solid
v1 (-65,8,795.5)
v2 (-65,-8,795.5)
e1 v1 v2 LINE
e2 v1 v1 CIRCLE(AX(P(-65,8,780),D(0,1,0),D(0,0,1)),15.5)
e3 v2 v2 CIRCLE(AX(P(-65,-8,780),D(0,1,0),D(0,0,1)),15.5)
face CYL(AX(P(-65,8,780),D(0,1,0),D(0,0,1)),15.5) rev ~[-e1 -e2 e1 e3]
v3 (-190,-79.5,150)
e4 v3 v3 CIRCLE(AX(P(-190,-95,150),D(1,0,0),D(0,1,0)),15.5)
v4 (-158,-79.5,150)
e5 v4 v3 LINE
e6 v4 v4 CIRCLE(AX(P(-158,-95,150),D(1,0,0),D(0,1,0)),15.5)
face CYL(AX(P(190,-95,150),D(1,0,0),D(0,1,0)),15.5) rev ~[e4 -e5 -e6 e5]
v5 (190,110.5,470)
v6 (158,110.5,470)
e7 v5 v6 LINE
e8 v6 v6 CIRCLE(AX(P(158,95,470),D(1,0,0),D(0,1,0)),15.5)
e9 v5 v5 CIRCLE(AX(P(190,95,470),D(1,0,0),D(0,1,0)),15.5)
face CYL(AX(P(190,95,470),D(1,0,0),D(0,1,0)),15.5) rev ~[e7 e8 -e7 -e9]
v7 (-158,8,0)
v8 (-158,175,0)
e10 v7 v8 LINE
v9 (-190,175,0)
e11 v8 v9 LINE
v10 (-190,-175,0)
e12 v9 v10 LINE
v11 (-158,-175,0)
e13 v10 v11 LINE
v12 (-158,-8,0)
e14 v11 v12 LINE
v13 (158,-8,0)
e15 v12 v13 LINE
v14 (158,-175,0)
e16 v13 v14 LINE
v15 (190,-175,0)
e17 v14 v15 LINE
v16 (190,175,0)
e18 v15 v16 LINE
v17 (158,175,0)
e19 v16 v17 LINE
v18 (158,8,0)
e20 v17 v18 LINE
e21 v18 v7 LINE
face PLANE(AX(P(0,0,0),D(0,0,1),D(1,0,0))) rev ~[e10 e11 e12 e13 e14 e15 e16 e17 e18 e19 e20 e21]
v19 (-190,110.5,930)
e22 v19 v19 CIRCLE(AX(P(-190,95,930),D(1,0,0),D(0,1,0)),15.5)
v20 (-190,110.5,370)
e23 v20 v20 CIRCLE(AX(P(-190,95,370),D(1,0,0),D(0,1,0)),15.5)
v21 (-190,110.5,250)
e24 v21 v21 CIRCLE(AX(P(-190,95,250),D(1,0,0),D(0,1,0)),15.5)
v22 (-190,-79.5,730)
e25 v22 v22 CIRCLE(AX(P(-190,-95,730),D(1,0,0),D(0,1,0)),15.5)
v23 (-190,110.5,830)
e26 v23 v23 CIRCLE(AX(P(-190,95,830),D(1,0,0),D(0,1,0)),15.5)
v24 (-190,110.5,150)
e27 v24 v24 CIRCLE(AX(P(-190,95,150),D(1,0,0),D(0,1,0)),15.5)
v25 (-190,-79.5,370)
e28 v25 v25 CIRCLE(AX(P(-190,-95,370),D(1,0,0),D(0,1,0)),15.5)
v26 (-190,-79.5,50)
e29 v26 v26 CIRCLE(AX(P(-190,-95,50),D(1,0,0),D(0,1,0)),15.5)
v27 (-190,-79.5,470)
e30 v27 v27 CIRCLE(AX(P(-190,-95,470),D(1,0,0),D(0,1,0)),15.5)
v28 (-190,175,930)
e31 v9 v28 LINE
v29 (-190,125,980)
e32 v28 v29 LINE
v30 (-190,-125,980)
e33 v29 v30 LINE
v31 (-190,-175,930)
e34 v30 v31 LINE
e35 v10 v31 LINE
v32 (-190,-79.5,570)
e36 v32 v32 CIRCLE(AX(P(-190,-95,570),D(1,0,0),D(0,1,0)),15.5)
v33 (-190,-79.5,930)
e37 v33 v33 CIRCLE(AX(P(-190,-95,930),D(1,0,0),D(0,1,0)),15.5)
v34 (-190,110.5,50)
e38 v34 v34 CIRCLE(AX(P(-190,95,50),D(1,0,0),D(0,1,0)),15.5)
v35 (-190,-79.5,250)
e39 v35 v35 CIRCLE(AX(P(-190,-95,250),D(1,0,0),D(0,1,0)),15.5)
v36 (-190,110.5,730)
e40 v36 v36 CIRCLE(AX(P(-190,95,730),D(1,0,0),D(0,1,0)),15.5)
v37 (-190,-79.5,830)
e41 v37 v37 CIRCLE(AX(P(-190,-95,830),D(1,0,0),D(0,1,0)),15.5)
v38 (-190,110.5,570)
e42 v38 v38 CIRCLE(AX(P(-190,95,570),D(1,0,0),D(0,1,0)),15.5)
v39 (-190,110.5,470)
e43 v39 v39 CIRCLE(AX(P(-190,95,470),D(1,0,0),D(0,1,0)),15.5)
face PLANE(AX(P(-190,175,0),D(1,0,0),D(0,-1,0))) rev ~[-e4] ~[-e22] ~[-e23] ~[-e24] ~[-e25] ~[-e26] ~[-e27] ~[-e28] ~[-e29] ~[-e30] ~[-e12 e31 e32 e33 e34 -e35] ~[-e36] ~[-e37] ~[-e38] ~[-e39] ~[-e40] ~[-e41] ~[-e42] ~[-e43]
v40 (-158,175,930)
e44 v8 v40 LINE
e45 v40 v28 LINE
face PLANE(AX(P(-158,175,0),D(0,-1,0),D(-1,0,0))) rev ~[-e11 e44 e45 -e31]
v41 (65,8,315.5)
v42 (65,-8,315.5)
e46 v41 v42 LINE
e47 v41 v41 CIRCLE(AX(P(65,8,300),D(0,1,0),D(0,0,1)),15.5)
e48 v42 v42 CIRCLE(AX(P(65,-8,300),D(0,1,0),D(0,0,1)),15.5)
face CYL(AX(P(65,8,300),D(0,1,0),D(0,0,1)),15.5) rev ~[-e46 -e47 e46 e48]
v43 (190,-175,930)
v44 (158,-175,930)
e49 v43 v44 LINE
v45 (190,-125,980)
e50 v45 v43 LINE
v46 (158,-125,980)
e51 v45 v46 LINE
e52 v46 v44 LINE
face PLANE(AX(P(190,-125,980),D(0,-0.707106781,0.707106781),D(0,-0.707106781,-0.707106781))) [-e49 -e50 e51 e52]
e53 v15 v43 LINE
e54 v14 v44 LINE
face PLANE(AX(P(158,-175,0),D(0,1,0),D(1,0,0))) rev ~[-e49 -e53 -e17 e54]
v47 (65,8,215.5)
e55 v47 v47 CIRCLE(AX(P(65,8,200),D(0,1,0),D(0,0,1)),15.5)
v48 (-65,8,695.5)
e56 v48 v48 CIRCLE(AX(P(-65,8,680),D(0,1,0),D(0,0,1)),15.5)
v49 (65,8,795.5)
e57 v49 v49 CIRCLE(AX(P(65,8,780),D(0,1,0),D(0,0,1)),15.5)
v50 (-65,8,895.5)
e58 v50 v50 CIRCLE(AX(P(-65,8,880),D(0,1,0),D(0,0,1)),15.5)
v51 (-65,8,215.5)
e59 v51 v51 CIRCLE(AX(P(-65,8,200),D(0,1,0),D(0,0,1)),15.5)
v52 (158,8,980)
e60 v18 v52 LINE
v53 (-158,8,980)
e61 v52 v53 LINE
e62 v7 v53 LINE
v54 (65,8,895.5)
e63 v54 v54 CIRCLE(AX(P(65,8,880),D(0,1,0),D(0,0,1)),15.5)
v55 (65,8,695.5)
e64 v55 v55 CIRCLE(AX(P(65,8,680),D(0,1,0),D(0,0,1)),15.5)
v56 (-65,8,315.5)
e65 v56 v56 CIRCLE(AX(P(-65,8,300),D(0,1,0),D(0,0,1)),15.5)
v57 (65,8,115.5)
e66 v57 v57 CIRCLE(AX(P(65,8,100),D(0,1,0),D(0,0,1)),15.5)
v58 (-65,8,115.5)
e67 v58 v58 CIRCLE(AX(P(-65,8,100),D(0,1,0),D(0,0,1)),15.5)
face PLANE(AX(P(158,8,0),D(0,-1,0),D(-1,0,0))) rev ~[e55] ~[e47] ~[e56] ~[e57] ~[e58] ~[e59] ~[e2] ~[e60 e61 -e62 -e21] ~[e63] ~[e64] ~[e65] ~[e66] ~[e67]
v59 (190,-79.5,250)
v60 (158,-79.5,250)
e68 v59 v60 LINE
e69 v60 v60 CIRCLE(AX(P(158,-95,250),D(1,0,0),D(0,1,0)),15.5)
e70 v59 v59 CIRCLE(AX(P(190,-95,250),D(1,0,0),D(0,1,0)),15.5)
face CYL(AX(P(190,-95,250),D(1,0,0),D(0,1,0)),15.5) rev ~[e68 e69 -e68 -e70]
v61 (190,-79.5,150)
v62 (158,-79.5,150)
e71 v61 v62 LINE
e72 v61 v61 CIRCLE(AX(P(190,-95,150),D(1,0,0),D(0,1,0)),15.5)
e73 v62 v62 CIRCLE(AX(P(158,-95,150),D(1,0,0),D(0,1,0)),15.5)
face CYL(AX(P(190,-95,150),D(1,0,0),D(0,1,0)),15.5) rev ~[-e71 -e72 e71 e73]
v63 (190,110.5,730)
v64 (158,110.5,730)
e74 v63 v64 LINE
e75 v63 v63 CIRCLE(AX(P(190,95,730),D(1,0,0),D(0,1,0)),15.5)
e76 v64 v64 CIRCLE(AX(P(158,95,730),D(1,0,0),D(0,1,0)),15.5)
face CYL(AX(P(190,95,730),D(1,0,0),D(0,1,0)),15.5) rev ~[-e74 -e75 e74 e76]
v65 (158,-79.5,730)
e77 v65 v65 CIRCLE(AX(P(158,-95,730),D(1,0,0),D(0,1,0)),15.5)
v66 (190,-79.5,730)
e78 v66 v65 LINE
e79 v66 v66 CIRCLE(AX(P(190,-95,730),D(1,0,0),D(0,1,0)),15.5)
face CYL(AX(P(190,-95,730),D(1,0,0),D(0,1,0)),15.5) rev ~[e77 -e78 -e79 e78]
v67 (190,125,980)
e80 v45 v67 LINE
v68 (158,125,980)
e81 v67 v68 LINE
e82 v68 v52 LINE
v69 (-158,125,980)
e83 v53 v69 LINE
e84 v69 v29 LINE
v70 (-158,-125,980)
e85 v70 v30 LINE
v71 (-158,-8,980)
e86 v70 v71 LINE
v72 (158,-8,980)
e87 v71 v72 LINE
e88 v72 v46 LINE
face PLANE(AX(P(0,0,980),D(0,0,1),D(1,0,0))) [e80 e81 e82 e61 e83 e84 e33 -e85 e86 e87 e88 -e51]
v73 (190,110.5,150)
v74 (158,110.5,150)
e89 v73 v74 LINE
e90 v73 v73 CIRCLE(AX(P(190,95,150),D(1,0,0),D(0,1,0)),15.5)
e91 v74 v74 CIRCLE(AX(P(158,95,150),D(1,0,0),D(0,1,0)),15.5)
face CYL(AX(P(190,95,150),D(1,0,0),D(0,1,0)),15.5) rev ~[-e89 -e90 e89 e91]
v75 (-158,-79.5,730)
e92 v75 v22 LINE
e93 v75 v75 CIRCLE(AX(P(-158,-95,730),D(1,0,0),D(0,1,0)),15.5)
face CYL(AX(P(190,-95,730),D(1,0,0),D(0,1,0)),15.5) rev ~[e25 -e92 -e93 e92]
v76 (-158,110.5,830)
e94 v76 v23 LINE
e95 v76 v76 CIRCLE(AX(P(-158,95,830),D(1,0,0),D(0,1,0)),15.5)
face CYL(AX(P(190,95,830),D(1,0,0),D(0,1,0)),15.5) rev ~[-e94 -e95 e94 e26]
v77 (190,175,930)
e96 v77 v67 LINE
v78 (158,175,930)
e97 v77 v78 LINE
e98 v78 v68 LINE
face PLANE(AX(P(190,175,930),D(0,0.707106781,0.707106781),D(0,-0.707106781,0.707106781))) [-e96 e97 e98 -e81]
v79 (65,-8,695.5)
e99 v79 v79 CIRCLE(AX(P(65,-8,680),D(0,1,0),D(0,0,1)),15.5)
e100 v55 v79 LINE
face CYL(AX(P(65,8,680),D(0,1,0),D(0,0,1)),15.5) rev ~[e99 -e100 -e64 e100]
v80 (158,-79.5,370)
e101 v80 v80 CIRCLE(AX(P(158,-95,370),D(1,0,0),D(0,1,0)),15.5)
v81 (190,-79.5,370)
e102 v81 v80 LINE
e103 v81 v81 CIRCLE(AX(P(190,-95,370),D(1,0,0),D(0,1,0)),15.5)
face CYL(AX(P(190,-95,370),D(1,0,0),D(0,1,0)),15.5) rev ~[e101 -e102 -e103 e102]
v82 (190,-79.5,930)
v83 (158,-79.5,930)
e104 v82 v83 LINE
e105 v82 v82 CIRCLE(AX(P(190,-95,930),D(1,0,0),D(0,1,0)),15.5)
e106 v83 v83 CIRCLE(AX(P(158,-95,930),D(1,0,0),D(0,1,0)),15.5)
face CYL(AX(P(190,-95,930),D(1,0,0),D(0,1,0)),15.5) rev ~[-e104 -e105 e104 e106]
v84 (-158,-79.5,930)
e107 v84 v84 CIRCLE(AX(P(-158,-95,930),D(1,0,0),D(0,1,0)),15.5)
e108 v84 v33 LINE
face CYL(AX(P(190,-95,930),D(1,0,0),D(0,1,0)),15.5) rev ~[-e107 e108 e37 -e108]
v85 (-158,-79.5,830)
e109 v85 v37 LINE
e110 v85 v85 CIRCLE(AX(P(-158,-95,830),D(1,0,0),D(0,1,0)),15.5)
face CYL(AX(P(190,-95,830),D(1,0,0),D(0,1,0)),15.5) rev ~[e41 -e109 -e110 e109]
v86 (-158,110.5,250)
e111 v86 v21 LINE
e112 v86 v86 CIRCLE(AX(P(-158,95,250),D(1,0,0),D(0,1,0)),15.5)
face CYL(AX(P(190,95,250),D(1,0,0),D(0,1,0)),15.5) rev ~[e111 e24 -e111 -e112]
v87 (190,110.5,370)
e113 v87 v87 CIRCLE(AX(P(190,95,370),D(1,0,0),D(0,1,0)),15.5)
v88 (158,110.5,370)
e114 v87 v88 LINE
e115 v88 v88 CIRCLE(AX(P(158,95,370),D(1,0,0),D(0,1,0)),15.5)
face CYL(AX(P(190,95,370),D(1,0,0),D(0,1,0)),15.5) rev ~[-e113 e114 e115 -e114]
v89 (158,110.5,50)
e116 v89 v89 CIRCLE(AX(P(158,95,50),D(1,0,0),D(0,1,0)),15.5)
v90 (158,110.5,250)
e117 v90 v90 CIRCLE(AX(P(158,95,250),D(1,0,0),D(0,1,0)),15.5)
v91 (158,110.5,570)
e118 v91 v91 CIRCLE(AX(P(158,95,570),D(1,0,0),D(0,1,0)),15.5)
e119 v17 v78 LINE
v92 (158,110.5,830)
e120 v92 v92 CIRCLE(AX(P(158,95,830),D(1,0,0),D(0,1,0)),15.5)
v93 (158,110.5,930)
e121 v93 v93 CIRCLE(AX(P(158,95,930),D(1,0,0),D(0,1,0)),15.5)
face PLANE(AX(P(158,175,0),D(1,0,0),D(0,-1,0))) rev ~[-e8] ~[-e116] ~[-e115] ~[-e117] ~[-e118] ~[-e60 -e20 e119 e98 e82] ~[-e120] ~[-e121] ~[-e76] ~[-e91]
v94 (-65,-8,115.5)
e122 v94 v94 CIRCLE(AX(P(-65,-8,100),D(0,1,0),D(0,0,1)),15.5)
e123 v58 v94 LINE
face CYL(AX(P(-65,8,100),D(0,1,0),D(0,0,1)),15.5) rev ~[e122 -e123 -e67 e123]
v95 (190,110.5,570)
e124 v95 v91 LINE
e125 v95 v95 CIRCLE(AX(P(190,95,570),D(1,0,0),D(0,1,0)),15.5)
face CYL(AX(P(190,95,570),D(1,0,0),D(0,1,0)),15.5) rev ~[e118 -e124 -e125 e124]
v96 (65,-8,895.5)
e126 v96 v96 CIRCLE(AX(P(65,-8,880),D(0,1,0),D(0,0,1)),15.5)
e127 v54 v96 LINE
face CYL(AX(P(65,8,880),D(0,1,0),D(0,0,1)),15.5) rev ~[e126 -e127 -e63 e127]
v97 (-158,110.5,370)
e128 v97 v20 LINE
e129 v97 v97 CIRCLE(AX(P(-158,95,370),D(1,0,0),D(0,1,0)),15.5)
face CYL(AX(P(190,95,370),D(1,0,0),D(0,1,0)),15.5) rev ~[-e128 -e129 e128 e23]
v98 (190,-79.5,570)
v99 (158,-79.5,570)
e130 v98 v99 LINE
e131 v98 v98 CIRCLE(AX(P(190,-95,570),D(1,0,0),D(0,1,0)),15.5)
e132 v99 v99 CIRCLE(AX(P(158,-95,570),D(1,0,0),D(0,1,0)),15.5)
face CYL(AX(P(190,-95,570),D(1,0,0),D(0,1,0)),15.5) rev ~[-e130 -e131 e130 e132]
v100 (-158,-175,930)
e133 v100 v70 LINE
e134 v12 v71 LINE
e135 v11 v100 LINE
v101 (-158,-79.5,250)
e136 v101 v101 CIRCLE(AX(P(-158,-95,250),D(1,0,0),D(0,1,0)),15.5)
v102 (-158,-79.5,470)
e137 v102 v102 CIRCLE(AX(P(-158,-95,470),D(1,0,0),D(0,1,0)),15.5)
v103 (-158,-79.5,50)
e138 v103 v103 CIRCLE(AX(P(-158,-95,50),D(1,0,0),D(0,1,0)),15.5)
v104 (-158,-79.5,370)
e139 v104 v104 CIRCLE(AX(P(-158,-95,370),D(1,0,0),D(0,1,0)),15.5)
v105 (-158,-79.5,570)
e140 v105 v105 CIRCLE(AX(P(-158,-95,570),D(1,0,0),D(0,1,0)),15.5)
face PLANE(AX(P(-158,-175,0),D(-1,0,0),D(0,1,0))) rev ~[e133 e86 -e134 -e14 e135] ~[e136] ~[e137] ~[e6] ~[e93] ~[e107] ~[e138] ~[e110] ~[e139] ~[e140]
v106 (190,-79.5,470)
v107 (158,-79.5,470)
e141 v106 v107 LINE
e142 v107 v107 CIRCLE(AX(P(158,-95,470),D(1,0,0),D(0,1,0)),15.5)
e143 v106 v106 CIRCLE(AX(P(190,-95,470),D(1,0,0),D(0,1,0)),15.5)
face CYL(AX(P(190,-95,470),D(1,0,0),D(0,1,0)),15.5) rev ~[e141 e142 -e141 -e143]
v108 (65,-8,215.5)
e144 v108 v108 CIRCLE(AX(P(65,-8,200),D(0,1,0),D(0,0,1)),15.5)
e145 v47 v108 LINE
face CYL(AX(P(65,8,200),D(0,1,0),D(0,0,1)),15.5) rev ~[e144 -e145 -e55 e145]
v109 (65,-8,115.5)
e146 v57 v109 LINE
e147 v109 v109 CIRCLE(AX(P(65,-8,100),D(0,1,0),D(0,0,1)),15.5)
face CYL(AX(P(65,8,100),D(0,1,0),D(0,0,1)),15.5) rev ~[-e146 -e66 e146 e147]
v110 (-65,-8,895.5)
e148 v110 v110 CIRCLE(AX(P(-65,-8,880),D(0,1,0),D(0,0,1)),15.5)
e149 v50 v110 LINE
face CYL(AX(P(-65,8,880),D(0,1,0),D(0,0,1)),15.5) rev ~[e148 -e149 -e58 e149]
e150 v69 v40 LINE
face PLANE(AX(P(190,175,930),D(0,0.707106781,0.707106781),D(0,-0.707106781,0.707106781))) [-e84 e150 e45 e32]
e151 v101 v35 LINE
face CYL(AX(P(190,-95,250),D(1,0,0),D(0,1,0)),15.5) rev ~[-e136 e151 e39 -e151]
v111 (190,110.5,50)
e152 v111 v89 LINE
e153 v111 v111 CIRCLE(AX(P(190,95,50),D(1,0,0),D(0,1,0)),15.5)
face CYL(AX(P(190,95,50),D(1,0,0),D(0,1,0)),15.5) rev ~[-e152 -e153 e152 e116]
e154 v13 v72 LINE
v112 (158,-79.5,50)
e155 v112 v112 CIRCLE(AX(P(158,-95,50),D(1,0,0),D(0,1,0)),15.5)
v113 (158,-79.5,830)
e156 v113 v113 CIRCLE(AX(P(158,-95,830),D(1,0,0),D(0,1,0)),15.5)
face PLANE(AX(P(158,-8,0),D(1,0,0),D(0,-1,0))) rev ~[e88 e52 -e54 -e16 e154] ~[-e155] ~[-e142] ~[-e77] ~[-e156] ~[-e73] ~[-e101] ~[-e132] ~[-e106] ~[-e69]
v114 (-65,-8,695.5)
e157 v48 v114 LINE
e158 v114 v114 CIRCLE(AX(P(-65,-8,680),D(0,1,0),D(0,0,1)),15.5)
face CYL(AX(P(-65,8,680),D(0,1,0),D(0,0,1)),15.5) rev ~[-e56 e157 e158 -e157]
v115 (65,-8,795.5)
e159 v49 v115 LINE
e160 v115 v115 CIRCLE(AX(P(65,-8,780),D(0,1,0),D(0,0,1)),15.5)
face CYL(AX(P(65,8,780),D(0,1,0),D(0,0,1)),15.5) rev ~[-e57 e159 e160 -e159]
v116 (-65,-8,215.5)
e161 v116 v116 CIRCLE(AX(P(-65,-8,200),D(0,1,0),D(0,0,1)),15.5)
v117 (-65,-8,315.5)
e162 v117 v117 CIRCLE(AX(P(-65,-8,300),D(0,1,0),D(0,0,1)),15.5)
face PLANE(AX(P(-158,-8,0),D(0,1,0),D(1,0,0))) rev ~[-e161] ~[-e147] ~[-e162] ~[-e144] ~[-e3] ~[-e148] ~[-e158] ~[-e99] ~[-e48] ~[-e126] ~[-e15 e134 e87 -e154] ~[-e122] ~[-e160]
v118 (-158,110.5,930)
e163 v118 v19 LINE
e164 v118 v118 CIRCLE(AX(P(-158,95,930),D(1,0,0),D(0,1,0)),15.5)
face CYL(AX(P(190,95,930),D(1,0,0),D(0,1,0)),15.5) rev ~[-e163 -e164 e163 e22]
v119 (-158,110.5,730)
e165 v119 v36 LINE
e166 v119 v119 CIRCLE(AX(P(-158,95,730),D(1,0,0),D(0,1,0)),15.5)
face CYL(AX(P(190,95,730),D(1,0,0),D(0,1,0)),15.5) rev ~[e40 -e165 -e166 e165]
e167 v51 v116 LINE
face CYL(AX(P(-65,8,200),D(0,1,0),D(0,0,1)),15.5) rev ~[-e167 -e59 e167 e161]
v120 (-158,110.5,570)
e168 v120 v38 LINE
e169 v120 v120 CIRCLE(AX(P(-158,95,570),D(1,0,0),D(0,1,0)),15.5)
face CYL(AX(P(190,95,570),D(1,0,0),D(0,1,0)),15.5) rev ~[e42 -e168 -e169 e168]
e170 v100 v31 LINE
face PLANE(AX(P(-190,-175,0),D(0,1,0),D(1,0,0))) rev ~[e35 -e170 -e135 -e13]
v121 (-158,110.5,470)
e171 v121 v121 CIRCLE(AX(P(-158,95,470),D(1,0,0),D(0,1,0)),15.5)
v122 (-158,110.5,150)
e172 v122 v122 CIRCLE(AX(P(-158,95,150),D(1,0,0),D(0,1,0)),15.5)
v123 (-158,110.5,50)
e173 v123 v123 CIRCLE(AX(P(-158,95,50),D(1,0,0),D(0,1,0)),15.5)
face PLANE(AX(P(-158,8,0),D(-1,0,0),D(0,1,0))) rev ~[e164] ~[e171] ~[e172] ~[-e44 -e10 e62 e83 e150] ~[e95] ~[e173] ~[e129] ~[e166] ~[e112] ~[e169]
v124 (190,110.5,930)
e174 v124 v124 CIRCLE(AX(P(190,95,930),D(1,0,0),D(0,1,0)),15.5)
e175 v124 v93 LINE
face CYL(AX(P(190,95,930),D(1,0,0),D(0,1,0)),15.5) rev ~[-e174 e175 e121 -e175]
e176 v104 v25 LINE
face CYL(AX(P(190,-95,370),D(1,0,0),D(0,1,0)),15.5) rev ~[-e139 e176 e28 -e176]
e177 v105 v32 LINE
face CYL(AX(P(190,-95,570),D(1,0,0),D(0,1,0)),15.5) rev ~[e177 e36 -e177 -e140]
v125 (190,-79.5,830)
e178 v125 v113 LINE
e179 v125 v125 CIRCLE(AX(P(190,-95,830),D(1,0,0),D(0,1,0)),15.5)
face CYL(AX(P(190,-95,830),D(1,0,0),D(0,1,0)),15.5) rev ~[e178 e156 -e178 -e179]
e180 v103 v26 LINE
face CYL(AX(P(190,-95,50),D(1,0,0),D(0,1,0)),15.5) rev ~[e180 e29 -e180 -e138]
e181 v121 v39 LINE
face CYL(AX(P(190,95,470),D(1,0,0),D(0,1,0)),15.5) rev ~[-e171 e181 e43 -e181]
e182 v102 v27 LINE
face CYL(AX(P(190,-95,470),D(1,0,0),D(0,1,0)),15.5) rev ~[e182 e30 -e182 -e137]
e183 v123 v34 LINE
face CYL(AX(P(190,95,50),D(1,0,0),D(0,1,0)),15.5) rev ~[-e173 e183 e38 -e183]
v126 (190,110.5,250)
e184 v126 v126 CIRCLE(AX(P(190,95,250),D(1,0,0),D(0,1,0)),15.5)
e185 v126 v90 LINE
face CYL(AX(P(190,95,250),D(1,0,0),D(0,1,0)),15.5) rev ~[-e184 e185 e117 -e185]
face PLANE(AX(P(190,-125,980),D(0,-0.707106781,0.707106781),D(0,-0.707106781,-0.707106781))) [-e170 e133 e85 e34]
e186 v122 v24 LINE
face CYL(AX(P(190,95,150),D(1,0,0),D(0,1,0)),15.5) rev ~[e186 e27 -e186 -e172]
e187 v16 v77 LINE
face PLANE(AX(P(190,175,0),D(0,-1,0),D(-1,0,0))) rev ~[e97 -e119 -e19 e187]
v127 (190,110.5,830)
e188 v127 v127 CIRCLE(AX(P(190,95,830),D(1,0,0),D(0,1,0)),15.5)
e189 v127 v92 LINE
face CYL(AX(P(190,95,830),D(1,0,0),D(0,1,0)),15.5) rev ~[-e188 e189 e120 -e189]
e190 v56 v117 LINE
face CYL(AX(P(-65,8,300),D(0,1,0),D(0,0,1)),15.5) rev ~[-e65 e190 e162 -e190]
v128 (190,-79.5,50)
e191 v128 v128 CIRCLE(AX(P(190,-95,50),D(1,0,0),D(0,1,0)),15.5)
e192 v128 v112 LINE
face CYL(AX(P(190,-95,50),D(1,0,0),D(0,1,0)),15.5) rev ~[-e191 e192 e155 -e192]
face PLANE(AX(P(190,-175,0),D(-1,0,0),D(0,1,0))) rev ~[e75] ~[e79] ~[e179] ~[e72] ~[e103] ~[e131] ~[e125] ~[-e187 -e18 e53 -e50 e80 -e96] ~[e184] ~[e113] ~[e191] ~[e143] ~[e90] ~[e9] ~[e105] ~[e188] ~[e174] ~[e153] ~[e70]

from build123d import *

# Parameters (mm, degrees)
EXTRUDE_1_DEPTH     = 980
SKETCH_2_R          = 15.5
CUT_EXTRUDE_2_DEPTH = 1066.563231348
SKETCH_3_R          = 15.5
CUT_EXTRUDE_3_DEPTH = 1015.883737184
CUT_EXTRUDE_4_DEPTH = 1066.563231348


with BuildPart() as part:
    # 草图1 → 拉伸1 (new body)
    with BuildSketch(Plane.XY):
        Polygon((-158, 175), (-190, 175), (-190, -175), (-158, -175), (-158, -8), (158, -8), (158, -175), (190, -175), (190, 175), (158, 175), (158, 8), (-158, 8), align=None)
    extrude(amount=EXTRUDE_1_DEPTH)

    # 草图2 → 拉伸2 (cut, through all)
    with BuildSketch(Plane(origin=(190, 0, 0), x_dir=(0, 0, -1), z_dir=(1, 0, 0))):
        with Locations(Location((-930, 95, 0), (0, 0, 90))):
            Circle(SKETCH_2_R)
        with Locations(Location((-830, 95, 0), (0, 0, 90))):
            Circle(SKETCH_2_R)
        with Locations(Location((-730, 95, 0), (0, 0, 90))):
            Circle(SKETCH_2_R)
        with Locations(Location((-930, -95, 0), (0, 0, 90))):
            Circle(SKETCH_2_R)
        with Locations(Location((-830, -95, 0), (0, 0, 90))):
            Circle(SKETCH_2_R)
        with Locations(Location((-730, -95, 0), (0, 0, 90))):
            Circle(SKETCH_2_R)
        with Locations(Location((-570, 95, 0), (0, 0, 90))):
            Circle(SKETCH_2_R)
        with Locations(Location((-470, 95, 0), (0, 0, 90))):
            Circle(SKETCH_2_R)
        with Locations(Location((-370, 95, 0), (0, 0, 90))):
            Circle(SKETCH_2_R)
        with Locations(Location((-370, -95, 0), (0, 0, 90))):
            Circle(SKETCH_2_R)
        with Locations(Location((-470, -95, 0), (0, 0, 90))):
            Circle(SKETCH_2_R)
        with Locations(Location((-570, -95, 0), (0, 0, 90))):
            Circle(SKETCH_2_R)
        with Locations(Location((-50, 95, 0), (0, 0, 90))):
            Circle(SKETCH_2_R)
        with Locations(Location((-150, 95, 0), (0, 0, 90))):
            Circle(SKETCH_2_R)
        with Locations(Location((-250, 95, 0), (0, 0, 90))):
            Circle(SKETCH_2_R)
        with Locations(Location((-250, -95, 0), (0, 0, 90))):
            Circle(SKETCH_2_R)
        with Locations(Location((-150, -95, 0), (0, 0, 90))):
            Circle(SKETCH_2_R)
        with Locations(Location((-50, -95, 0), (0, 0, 90))):
            Circle(SKETCH_2_R)
    extrude(amount=-CUT_EXTRUDE_2_DEPTH, mode=Mode.SUBTRACT)

    # 草图3 → 拉伸3 (cut, through all)
    with BuildSketch(Plane(origin=(0, 8, 0), x_dir=(1, 0, 0), z_dir=(0, 1, 0))):
        with Locations(Location((65, -100, 0), (0, 0, 270))):
            Circle(SKETCH_3_R)
        with Locations(Location((-65, -100, 0), (0, 0, 270))):
            Circle(SKETCH_3_R)
        with Locations(Location((65, -200, 0), (0, 0, 270))):
            Circle(SKETCH_3_R)
        with Locations(Location((-65, -200, 0), (0, 0, 270))):
            Circle(SKETCH_3_R)
        with Locations(Location((65, -300, 0), (0, 0, 270))):
            Circle(SKETCH_3_R)
        with Locations(Location((-65, -300, 0), (0, 0, 270))):
            Circle(SKETCH_3_R)
        with Locations(Location((-65, -680, 0), (0, 0, 270))):
            Circle(SKETCH_3_R)
        with Locations(Location((-65, -780, 0), (0, 0, 270))):
            Circle(SKETCH_3_R)
        with Locations(Location((65, -780, 0), (0, 0, 270))):
            Circle(SKETCH_3_R)
        with Locations(Location((65, -880, 0), (0, 0, 270))):
            Circle(SKETCH_3_R)
        with Locations(Location((-65, -880, 0), (0, 0, 270))):
            Circle(SKETCH_3_R)
        with Locations(Location((65, -680, 0), (0, 0, 270))):
            Circle(SKETCH_3_R)
    extrude(amount=-CUT_EXTRUDE_3_DEPTH, mode=Mode.SUBTRACT)

    # 草图4 → 拉伸4 (cut, through all)
    with BuildSketch(Plane(origin=(190, 0, 0), x_dir=(0, 0, -1), z_dir=(1, 0, 0))):
        Polygon((-930, 175), (-980, 125), (-980, 175), align=None)
        Polygon((-980, -125), (-930, -175), (-980, -175), align=None)
    extrude(amount=-CUT_EXTRUDE_4_DEPTH, mode=Mode.SUBTRACT)


solid = part.part
